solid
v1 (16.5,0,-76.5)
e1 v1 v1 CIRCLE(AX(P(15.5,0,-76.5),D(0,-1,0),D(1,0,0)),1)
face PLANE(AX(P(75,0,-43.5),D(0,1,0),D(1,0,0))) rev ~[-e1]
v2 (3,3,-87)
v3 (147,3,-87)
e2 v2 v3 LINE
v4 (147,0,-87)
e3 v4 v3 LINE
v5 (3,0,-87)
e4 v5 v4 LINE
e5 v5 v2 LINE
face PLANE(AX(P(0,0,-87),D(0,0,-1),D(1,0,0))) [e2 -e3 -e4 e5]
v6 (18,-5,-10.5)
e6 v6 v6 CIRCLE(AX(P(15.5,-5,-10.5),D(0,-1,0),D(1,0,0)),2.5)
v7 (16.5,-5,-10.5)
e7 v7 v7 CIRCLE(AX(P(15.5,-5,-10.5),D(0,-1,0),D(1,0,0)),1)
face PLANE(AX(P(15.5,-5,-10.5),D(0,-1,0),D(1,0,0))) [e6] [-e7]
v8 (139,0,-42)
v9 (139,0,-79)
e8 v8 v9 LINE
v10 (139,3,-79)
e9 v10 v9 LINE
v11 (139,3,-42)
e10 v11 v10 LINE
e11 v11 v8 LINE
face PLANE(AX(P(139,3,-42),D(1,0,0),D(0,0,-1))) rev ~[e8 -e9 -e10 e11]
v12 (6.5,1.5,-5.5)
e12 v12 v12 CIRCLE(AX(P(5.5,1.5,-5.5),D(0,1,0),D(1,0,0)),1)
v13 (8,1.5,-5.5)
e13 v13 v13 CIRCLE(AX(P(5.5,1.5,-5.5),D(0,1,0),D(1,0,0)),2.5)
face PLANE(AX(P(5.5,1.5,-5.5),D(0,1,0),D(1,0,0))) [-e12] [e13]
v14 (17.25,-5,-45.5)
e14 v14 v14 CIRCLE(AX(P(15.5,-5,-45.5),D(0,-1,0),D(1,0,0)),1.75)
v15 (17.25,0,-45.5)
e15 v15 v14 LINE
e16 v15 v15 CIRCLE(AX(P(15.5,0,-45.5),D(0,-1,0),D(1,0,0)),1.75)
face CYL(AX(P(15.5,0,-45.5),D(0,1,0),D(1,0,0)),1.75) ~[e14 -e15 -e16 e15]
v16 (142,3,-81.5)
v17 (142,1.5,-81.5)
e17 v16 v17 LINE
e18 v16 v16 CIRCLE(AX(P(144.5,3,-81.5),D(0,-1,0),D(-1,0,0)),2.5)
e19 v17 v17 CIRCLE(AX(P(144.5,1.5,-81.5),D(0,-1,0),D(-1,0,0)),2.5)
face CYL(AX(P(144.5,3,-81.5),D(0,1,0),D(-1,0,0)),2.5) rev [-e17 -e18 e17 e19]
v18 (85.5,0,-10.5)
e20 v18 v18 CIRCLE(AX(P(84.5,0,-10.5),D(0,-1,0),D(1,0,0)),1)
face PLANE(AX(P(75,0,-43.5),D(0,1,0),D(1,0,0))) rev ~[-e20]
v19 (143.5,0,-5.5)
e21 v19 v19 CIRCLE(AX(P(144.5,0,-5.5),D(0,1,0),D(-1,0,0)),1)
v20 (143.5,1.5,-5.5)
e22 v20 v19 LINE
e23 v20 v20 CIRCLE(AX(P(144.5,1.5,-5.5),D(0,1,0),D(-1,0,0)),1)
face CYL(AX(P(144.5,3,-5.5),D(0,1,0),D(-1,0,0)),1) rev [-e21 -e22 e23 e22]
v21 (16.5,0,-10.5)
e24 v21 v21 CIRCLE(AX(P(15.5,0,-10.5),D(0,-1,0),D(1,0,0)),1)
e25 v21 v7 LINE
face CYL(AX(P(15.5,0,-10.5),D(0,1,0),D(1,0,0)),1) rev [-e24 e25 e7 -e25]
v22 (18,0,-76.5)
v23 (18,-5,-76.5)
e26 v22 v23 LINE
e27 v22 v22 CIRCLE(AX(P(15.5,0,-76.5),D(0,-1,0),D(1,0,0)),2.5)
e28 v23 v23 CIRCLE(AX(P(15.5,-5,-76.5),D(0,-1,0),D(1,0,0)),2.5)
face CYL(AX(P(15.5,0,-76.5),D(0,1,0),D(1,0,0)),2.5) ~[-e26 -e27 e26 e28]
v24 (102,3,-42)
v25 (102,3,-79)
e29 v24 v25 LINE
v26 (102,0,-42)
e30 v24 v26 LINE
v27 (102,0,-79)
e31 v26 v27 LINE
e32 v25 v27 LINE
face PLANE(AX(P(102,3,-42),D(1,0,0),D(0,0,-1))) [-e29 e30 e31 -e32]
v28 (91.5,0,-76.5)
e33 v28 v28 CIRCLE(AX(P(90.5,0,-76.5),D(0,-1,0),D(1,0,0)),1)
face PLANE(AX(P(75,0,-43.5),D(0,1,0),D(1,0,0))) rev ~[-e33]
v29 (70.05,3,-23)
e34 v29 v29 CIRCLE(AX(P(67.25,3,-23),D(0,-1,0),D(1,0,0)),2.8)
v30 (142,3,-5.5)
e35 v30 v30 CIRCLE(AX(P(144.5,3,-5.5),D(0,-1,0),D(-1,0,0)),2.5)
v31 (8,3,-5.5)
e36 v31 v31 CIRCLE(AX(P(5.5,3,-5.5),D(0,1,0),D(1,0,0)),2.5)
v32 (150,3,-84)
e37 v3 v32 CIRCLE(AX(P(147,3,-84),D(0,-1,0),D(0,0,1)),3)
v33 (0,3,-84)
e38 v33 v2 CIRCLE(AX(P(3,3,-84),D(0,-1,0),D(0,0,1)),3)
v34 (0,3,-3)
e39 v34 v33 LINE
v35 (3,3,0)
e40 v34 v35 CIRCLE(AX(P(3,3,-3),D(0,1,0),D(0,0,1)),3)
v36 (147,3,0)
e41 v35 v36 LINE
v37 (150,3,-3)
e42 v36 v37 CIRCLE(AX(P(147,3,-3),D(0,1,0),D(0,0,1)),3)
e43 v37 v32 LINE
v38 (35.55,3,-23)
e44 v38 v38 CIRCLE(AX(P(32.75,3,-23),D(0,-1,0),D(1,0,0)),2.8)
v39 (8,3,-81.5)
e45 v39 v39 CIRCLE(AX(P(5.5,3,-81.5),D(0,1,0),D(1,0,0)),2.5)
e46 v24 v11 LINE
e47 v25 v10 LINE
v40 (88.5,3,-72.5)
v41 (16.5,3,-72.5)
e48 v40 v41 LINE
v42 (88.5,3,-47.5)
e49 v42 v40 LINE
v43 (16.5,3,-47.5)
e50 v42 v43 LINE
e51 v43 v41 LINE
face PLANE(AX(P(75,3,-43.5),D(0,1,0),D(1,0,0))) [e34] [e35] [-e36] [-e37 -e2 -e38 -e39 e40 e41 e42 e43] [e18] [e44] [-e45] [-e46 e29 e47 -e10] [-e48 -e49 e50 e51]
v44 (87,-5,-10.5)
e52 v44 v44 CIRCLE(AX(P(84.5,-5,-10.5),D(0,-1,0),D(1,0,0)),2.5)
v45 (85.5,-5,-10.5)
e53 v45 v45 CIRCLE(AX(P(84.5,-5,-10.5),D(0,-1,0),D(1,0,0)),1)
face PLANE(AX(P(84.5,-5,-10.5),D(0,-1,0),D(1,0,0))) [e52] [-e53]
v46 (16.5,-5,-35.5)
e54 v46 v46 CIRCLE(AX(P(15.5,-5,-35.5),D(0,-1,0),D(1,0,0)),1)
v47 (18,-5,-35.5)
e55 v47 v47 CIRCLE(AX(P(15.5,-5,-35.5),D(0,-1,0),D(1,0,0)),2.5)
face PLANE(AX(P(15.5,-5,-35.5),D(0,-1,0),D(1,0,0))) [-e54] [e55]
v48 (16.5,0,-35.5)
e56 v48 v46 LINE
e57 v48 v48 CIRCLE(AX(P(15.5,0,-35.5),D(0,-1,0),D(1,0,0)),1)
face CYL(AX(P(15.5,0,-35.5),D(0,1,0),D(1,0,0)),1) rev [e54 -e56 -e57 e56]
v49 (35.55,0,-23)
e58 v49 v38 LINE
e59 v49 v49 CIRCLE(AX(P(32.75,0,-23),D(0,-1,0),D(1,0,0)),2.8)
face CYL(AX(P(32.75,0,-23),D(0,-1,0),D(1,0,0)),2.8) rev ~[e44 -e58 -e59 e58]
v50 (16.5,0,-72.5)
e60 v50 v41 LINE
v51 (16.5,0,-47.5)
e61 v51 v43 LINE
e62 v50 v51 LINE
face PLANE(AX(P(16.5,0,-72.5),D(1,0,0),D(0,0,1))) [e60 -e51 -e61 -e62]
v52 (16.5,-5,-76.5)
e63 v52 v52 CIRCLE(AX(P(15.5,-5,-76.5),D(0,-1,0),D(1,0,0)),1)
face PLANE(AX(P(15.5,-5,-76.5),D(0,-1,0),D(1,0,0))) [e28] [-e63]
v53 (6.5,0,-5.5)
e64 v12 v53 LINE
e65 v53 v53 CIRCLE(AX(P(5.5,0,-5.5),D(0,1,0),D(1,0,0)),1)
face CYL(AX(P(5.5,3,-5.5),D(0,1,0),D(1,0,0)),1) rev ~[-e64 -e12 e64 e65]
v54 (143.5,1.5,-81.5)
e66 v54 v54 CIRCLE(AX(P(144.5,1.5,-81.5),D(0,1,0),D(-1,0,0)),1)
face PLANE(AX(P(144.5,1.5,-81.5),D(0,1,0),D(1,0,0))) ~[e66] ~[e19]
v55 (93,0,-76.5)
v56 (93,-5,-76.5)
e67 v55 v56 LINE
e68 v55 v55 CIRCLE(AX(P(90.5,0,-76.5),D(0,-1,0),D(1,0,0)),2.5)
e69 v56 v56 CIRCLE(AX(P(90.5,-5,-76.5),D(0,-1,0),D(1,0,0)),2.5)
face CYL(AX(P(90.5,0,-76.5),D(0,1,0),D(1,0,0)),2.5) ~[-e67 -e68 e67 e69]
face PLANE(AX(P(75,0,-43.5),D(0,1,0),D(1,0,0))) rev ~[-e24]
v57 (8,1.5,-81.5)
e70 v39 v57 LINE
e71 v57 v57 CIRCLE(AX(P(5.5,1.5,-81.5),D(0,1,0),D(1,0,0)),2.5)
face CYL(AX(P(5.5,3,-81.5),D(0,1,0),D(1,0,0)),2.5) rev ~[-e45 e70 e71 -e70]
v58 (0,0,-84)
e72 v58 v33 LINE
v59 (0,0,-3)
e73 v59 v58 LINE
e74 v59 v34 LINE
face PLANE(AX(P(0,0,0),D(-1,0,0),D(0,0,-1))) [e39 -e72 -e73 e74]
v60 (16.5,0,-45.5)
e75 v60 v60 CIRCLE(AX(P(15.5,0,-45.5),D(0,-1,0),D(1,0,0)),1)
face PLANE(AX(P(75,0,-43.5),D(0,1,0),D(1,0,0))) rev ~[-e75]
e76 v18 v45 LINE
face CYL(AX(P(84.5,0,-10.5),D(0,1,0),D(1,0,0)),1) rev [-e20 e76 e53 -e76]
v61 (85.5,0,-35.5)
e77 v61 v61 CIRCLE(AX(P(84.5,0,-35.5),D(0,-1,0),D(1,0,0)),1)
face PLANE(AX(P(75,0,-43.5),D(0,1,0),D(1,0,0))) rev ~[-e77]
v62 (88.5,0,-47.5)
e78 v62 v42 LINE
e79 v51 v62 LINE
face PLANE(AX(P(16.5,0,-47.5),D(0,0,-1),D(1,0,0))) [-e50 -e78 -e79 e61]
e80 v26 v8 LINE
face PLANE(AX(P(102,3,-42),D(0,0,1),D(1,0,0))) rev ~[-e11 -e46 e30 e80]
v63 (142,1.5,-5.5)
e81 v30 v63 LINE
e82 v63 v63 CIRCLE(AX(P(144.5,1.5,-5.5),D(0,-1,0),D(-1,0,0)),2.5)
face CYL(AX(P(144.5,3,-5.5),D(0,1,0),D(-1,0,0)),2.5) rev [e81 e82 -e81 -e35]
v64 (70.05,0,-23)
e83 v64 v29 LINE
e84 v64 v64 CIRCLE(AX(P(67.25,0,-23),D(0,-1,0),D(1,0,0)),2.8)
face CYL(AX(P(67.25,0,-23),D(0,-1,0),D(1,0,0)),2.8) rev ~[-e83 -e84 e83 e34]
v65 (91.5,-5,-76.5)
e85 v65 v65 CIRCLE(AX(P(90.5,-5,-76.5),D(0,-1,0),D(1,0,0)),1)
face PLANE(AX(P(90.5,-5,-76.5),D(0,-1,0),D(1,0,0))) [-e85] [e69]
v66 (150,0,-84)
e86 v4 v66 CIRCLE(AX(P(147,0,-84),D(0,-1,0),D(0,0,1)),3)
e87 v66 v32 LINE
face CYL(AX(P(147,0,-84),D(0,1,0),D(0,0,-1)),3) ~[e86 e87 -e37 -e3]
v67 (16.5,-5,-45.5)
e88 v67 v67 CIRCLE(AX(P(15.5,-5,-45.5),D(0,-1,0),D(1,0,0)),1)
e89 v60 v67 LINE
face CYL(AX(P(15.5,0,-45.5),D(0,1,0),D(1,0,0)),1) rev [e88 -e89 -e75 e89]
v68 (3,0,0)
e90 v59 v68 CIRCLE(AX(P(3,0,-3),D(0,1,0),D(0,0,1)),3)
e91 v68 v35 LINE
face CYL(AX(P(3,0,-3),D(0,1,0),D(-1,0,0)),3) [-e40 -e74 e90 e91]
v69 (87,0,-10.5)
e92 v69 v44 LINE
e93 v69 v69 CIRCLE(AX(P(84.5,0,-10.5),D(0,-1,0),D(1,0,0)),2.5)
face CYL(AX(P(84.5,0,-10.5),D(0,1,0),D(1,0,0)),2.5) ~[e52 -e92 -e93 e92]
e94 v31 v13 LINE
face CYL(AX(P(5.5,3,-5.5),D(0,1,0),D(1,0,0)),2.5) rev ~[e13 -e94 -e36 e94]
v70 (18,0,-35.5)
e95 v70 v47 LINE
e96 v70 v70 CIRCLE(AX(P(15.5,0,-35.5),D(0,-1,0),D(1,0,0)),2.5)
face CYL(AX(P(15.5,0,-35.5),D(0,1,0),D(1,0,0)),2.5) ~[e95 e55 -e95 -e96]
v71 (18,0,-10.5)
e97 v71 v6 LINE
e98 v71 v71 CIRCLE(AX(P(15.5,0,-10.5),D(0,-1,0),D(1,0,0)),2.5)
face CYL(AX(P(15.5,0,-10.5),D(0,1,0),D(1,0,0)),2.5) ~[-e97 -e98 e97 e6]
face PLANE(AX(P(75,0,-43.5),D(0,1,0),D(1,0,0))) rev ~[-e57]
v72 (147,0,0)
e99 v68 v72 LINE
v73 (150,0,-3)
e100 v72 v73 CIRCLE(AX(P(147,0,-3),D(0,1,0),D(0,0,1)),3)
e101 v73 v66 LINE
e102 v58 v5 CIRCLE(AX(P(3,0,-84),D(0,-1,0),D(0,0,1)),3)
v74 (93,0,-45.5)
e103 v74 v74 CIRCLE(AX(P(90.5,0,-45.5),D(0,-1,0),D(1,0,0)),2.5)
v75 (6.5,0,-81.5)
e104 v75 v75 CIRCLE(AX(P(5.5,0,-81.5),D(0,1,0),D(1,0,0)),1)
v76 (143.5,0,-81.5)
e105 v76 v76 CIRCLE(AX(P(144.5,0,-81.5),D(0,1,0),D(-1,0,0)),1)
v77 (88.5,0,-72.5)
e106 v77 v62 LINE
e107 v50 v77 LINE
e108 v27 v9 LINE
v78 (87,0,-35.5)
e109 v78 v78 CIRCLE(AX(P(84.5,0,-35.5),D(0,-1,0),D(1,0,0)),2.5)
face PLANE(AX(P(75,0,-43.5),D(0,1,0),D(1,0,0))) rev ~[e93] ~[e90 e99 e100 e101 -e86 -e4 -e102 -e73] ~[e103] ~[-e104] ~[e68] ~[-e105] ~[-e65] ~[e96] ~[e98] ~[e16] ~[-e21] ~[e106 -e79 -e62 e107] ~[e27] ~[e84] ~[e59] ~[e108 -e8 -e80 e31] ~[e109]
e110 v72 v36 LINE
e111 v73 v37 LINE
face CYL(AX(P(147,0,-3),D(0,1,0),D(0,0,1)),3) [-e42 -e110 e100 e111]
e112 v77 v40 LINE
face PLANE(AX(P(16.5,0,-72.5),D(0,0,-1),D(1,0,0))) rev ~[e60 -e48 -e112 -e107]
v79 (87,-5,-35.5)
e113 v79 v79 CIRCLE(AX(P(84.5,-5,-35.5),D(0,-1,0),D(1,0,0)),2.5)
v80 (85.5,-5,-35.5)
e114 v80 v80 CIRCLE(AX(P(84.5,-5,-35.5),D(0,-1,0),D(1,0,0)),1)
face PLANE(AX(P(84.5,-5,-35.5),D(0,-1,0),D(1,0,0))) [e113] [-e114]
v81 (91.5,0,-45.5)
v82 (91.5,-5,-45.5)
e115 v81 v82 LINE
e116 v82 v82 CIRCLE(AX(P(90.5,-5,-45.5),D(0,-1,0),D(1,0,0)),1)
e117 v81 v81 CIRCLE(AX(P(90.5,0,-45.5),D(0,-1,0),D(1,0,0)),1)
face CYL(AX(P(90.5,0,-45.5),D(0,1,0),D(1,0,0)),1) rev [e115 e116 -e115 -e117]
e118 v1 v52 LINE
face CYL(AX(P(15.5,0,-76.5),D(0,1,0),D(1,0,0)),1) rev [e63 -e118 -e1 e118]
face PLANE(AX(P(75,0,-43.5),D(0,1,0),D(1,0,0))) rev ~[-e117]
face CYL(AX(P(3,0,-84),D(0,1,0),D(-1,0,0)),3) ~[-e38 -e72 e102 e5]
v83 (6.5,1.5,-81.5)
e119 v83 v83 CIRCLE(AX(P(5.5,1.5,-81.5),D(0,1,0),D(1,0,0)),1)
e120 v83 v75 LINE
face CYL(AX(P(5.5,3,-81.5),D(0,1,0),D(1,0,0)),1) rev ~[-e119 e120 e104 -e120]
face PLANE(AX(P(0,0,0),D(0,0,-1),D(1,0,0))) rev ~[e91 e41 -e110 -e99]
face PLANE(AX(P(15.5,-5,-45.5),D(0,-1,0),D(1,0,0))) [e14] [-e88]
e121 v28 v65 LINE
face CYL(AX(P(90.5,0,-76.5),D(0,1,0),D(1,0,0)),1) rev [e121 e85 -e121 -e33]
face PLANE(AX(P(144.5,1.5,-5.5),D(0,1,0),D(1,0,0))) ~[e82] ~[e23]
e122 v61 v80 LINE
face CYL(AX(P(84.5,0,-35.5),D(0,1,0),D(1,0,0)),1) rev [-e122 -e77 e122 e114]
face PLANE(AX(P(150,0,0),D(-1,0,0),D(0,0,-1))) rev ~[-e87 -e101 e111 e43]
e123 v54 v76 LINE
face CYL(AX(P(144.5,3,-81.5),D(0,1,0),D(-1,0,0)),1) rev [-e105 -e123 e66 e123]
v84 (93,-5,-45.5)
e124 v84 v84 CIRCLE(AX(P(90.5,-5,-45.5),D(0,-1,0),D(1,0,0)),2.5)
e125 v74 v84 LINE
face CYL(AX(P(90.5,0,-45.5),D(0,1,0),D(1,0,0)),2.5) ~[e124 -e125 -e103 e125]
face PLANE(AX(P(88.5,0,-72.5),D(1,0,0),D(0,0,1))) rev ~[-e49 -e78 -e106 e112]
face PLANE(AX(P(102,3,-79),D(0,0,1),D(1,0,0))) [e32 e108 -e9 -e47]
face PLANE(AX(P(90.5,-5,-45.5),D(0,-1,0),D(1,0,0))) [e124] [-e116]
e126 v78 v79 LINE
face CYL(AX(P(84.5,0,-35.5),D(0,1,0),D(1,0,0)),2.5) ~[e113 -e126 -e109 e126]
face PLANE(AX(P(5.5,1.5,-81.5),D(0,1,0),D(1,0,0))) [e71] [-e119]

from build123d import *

# Parameters (mm, degrees)
COVER_FRAME_W                 = 150
COVER_FRAME_H                 = 87
COVER_THICKNESS_DEPTH         = 3
COVER_ITEMS_MOUTING_HOLES_R   = 2.5
COVER_ITEMS_MOUTING_HOLES_R_2 = 1
COVER_ITEMS_MOUTING_HOLES_R_3 = 1.75
COVER_ITEMS_HOLES_DEPTH       = 5
COVER_SCREW_HOLES_R           = 1
COVER_SCREW_DEPTH             = 9
COVER_EDGES_R                 = 3
SKETCH10_W                    = 37
SKETCH10_H                    = 37
LOAD_OUTLET_DEPTH             = 9
SKETCH11_R                    = 2.8
INDICATOR_LEDS_DEPTH          = 4
SKETCH12_W                    = 72
SKETCH12_H                    = 25
LCD_DEPTH                     = 4
SKETCH13_R                    = 2.5
COVER_SCREW_COUNTERSUNK_DEPTH = 1.5


with BuildPart() as part:
    # Cover_frame → cover_thickness (new body)
    with BuildSketch(Plane(origin=(0, 0, 0), x_dir=(1, 0, 0), z_dir=(0, 1, 0))):
        with Locations((75, 43.5)):
            Rectangle(COVER_FRAME_W, COVER_FRAME_H)
    extrude(amount=COVER_THICKNESS_DEPTH)

    # cover_items_mouting_holes → cover_items_holes (add)
    with BuildSketch(Plane.XZ):
        with Locations((15.5, -76.5)):
            Circle(COVER_ITEMS_MOUTING_HOLES_R)
        with Locations((15.5, -76.5)):
            Circle(COVER_ITEMS_MOUTING_HOLES_R_2, mode=Mode.SUBTRACT)
        with Locations((15.5, -45.5)):
            Circle(COVER_ITEMS_MOUTING_HOLES_R_3)
        with Locations((15.5, -45.5)):
            Circle(COVER_ITEMS_MOUTING_HOLES_R_2, mode=Mode.SUBTRACT)
        with Locations((90.5, -76.5)):
            Circle(COVER_ITEMS_MOUTING_HOLES_R)
        with Locations((90.5, -76.5)):
            Circle(COVER_ITEMS_MOUTING_HOLES_R_2, mode=Mode.SUBTRACT)
        with Locations((90.5, -45.5)):
            Circle(COVER_ITEMS_MOUTING_HOLES_R)
        with Locations((90.5, -45.5)):
            Circle(COVER_ITEMS_MOUTING_HOLES_R_2, mode=Mode.SUBTRACT)
        with Locations((15.5, -35.5)):
            Circle(COVER_ITEMS_MOUTING_HOLES_R)
        with Locations((15.5, -35.5)):
            Circle(COVER_ITEMS_MOUTING_HOLES_R_2, mode=Mode.SUBTRACT)
        with Locations((15.5, -10.5)):
            Circle(COVER_ITEMS_MOUTING_HOLES_R)
        with Locations((15.5, -10.5)):
            Circle(COVER_ITEMS_MOUTING_HOLES_R_2, mode=Mode.SUBTRACT)
        with Locations((84.5, -35.5)):
            Circle(COVER_ITEMS_MOUTING_HOLES_R)
        with Locations((84.5, -35.5)):
            Circle(COVER_ITEMS_MOUTING_HOLES_R_2, mode=Mode.SUBTRACT)
        with Locations((84.5, -10.5)):
            Circle(COVER_ITEMS_MOUTING_HOLES_R)
        with Locations((84.5, -10.5)):
            Circle(COVER_ITEMS_MOUTING_HOLES_R_2, mode=Mode.SUBTRACT)
    extrude(amount=COVER_ITEMS_HOLES_DEPTH)

    # Cover_screw_holes → cover_screw (cut, through all)
    with BuildSketch(Plane(origin=(0, 3, 0), x_dir=(1, 0, 0), z_dir=(0, 1, 0))):
        with Locations((5.5, 81.5)):
            Circle(COVER_SCREW_HOLES_R)
        with Locations((5.5, 5.5)):
            Circle(COVER_SCREW_HOLES_R)
    cover_screw = extrude(amount=-COVER_SCREW_DEPTH, mode=Mode.SUBTRACT)

    # Mirror2: cover_screw across plane
    add(cover_screw.mirror(Plane.ZY.offset(-75)), mode=Mode.SUBTRACT)

    # cover_edges
    cover_edges_edges = [part.edges().sort_by_distance(p)[0] for p in [
        (0, 1.5, -87),
        (150, 1.5, -87),
        (150, 1.5, 0),
        (0, 1.5, 0),
    ]]
    fillet(cover_edges_edges, radius=COVER_EDGES_R)

    # Sketch10 → Load_outlet (cut, through all)
    with BuildSketch(Plane(origin=(0, 3, 0), x_dir=(1, 0, 0), z_dir=(0, 1, 0))):
        with Locations((120.5, 60.5)):
            Rectangle(SKETCH10_W, SKETCH10_H)
    extrude(amount=-LOAD_OUTLET_DEPTH, mode=Mode.SUBTRACT)

    # Sketch11 → Indicator_leds (cut, through all)
    with BuildSketch(Plane.XZ):
        with Locations((67.25, -23)):
            Circle(SKETCH11_R)
        with Locations((32.75, -23)):
            Circle(SKETCH11_R)
    extrude(amount=-INDICATOR_LEDS_DEPTH, mode=Mode.SUBTRACT)

    # Sketch12 → LCD (cut, through all)
    with BuildSketch(Plane.XZ):
        with Locations((52.5, -60)):
            Rectangle(SKETCH12_W, SKETCH12_H)
    extrude(amount=-LCD_DEPTH, mode=Mode.SUBTRACT)

    # Sketch13 → cover_screw_countersunk (cut)
    with BuildSketch(Plane(origin=(0, 3, 0), x_dir=(1, 0, 0), z_dir=(0, 1, 0))):
        with Locations((5.5, 81.5)):
            Circle(SKETCH13_R)
        with Locations((5.5, 5.5)):
            Circle(SKETCH13_R)
    cover_screw_countersunk = extrude(amount=-COVER_SCREW_COUNTERSUNK_DEPTH, mode=Mode.SUBTRACT)

    # Mirror3: cover_screw_countersunk across plane
    add(cover_screw_countersunk.mirror(Plane.ZY.offset(-75)), mode=Mode.SUBTRACT)


solid = part.part
